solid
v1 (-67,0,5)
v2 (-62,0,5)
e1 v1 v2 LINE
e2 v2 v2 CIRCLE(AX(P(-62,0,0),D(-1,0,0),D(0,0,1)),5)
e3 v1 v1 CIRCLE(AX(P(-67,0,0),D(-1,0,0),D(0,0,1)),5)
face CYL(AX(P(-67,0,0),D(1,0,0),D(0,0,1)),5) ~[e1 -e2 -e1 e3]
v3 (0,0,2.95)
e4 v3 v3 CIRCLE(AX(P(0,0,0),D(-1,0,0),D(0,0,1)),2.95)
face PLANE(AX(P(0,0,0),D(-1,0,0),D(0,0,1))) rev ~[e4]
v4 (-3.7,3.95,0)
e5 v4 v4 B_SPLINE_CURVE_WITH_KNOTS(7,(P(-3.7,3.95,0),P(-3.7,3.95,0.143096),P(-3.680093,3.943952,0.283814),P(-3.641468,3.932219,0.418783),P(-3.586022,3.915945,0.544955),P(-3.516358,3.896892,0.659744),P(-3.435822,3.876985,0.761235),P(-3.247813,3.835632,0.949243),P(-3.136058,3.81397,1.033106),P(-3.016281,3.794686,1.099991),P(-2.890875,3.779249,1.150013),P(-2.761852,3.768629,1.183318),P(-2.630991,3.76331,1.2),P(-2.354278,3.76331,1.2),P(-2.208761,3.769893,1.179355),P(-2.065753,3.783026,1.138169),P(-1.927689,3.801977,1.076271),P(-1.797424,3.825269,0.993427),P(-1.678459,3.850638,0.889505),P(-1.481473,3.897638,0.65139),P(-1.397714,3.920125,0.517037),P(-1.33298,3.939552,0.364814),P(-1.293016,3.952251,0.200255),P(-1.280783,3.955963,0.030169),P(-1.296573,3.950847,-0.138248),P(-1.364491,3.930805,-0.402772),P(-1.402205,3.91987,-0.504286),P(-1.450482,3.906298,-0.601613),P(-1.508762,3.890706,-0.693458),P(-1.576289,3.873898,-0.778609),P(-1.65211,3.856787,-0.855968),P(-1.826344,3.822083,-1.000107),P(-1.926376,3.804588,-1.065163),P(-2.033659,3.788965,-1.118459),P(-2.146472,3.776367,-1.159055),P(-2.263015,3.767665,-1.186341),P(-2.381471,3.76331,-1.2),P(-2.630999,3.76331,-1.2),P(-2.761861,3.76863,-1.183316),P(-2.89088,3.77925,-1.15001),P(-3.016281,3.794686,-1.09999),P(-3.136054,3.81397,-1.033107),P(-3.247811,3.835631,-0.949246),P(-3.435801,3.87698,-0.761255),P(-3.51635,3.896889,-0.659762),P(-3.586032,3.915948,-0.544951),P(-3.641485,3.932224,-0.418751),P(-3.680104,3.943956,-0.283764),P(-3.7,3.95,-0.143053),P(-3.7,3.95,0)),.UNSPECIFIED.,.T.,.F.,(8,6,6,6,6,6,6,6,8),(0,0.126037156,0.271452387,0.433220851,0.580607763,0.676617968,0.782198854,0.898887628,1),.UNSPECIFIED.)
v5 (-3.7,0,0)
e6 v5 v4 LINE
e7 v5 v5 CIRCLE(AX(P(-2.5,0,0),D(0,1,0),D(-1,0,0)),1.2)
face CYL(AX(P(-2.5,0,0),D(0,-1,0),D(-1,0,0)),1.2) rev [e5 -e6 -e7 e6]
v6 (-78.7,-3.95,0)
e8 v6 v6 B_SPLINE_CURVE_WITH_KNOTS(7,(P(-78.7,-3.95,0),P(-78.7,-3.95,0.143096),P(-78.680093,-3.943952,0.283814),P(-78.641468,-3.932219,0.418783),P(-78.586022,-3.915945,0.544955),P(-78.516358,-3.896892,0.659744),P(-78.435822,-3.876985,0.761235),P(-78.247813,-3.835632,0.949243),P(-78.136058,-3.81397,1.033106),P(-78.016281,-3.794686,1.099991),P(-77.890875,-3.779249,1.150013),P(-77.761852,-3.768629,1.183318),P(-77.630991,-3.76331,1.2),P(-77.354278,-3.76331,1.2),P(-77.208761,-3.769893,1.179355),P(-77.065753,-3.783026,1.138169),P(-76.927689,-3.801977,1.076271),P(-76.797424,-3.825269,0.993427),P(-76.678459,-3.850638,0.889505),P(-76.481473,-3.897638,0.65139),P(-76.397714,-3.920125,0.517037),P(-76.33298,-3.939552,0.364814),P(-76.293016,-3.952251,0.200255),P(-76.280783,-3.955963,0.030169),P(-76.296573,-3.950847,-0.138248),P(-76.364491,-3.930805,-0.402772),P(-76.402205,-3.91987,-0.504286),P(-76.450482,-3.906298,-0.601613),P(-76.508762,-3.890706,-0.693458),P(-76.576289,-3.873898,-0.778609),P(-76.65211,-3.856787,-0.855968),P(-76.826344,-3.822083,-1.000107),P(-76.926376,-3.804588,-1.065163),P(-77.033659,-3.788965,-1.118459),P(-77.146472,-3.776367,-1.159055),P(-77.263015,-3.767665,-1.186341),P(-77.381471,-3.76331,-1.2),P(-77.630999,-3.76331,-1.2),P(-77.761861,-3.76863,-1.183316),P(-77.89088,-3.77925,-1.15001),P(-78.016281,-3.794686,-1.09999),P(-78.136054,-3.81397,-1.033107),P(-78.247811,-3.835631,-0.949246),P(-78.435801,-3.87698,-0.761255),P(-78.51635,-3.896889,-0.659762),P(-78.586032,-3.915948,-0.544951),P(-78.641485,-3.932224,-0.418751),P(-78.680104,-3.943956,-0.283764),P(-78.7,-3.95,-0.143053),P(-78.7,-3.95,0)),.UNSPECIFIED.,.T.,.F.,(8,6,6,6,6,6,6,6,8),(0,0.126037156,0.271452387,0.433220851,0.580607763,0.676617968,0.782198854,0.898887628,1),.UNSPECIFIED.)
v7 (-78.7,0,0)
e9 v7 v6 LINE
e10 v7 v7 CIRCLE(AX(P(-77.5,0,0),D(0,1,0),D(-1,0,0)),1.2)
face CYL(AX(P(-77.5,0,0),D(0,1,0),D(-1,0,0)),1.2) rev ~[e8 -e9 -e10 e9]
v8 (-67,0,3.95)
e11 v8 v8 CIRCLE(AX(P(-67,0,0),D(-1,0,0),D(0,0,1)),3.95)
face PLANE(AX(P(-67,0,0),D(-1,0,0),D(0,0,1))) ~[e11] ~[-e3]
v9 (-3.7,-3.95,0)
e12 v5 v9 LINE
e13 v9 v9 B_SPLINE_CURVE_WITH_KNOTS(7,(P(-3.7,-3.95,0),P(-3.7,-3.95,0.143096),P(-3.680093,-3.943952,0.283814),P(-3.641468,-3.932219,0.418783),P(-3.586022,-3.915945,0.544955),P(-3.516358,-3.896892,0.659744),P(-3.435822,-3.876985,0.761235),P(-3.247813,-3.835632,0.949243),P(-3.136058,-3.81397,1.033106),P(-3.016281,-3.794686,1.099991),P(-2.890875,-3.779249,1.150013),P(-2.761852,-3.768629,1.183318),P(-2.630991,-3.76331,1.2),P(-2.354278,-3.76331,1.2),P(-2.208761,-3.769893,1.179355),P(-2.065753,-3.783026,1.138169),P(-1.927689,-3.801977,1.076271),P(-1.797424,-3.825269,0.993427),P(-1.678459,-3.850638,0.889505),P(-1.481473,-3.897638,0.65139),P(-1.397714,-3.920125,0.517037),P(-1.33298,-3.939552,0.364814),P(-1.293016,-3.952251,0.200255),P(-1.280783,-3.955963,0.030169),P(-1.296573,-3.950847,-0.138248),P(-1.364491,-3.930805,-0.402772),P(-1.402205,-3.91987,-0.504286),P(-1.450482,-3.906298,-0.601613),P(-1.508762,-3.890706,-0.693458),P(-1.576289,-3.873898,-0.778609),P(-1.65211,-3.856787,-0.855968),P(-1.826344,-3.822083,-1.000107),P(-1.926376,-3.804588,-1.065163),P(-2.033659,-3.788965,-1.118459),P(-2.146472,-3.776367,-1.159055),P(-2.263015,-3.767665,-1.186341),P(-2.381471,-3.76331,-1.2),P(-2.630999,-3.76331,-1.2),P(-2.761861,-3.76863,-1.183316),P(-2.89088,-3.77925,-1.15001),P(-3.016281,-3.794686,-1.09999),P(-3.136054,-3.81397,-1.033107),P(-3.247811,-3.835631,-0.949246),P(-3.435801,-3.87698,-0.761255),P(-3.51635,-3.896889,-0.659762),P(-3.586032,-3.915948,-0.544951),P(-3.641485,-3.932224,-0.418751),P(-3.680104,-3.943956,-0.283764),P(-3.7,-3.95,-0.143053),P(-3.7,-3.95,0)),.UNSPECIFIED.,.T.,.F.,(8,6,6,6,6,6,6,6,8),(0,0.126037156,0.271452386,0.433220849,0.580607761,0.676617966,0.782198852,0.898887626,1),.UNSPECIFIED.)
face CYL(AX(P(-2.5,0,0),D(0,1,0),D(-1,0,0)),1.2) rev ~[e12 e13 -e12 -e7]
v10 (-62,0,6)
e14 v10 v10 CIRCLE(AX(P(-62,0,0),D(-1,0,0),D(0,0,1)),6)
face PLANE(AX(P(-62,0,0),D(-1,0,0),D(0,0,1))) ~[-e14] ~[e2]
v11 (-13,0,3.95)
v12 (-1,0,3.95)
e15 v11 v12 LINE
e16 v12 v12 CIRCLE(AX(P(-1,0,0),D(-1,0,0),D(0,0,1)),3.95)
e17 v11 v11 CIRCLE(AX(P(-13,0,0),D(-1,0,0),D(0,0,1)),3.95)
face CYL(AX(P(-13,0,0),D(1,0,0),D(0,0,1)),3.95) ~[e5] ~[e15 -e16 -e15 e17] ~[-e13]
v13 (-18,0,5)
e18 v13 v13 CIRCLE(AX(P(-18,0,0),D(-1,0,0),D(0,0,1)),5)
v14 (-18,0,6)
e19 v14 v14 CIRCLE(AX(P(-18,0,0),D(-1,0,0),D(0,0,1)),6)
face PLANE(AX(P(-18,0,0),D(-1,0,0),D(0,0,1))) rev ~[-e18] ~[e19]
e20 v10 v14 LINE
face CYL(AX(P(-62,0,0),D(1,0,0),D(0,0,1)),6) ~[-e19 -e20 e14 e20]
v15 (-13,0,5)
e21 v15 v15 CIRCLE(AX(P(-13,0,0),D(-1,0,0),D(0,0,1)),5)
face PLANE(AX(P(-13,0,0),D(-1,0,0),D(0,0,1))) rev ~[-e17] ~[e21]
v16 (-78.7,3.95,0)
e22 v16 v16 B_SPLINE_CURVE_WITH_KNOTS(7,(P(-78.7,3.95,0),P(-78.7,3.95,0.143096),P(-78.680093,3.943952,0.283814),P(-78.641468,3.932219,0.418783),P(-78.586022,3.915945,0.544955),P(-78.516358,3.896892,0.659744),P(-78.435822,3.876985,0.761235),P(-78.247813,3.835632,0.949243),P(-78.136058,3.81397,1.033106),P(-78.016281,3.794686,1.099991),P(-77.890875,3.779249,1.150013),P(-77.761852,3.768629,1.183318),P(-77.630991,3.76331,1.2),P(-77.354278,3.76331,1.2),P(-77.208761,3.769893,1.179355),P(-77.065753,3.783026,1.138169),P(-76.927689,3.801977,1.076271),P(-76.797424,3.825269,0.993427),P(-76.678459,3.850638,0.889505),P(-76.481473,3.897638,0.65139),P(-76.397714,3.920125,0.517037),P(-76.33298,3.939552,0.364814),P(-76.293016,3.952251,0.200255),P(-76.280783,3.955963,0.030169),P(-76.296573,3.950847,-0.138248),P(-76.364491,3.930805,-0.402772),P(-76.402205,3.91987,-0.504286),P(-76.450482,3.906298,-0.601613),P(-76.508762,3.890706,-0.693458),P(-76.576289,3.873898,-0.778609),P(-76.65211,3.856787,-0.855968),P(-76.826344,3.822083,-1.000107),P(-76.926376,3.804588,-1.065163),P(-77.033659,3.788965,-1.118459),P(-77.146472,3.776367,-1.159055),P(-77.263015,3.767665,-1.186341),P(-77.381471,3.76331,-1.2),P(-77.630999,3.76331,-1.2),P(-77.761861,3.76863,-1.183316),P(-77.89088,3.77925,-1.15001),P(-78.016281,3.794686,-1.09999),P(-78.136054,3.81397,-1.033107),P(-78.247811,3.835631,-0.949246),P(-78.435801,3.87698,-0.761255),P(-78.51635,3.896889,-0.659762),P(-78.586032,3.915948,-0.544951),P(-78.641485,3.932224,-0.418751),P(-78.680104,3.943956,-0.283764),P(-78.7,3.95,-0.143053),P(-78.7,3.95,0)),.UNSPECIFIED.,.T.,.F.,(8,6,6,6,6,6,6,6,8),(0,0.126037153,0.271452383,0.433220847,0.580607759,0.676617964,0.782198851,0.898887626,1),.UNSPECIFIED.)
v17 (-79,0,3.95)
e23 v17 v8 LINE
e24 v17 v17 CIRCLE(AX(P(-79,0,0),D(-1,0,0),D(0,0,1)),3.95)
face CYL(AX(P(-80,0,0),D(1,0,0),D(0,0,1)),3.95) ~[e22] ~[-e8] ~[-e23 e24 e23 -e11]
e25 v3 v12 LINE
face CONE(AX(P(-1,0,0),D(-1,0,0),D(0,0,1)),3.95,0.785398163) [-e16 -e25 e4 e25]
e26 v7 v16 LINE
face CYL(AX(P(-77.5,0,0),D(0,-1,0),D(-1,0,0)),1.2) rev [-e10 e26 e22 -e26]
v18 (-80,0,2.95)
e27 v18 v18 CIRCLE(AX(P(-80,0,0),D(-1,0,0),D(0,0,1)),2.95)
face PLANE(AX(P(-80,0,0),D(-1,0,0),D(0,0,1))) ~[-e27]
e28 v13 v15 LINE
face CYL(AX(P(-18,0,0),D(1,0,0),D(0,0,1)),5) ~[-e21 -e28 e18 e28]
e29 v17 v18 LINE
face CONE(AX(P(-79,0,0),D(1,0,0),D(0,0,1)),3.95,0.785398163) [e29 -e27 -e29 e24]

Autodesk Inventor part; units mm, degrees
ref_plane "YZ Plane" through (0, 0, 0) normal (1, 0, 0) x (0, 1, 0)
ref_plane "XZ Plane" through (0, 0, 0) normal (0, 1, 0) x (-1, 0, 0)
ref_plane "XY Plane" through (0, 0, 0) normal (0, 0, 1) x (1, 0, 0)
sketch "Sketch1" plane through (0, 0, 0) normal (0, 1, 0) x (-1, 0, 0)
  line L0 (0, 0) -> (80, 0)
  line L1 (80, 0) -> (80, 3.95)
  line L2 (80, 3.95) -> (67, 3.95)
  line L3 (67, 3.95) -> (67, 5)
  line L4 (67, 5) -> (62, 5)
  line L5 (62, 5) -> (62, 6)
  line L6 (62, 6) -> (18, 6)
  line L7 (18, 6) -> (18, 5)
  line L8 (18, 5) -> (13, 5)
  line L9 (13, 5) -> (13, 3.95)
  line L10 (13, 3.95) -> (0, 3.95)
  line L11 (0, 3.95) -> (0, 0)
  point P0 (40, 6)
  dimension "d0" = 80
  dimension "d1" = 3.95
  dimension "d2" = 18
  dimension "d3" = 5
  dimension "d4" = 5
  dimension "d5" = 6
  dimension "d6" = 22
  dimension "d7" = 5
revolve "Revolution1" add sketch "Sketch1" angle 360 about axis through (0, 0, 0) along (-1, 0, 0)
chamfer "Chamfer1" distance 1 angle 45 2 edges at (-80, 0, -3.95) (0, 0, -3.95)
sketch "Sketch2" plane through (0, 0, 0) normal (0, 1, 0) x (-1, 0, 0)
  circle A0 centre (77.5, 0) radius 1.2
  line L0 (80, 2.95) -> (80, -2.95) projected
  circle A1 centre (2.5, 0) radius 1.2
  line L1 (0, -2.95) -> (0, 2.95) projected
  point P0 (0, 0)
  dimension "d12" = 2.4
  dimension "d13" = 2.5
  dimension "d14" = 2.4
  dimension "d15" = 2.5
extrude "Extrusion1" cut sketch "Sketch2" along normal mid plane 10
properties part number "Axel" material "Iron, Cast"
